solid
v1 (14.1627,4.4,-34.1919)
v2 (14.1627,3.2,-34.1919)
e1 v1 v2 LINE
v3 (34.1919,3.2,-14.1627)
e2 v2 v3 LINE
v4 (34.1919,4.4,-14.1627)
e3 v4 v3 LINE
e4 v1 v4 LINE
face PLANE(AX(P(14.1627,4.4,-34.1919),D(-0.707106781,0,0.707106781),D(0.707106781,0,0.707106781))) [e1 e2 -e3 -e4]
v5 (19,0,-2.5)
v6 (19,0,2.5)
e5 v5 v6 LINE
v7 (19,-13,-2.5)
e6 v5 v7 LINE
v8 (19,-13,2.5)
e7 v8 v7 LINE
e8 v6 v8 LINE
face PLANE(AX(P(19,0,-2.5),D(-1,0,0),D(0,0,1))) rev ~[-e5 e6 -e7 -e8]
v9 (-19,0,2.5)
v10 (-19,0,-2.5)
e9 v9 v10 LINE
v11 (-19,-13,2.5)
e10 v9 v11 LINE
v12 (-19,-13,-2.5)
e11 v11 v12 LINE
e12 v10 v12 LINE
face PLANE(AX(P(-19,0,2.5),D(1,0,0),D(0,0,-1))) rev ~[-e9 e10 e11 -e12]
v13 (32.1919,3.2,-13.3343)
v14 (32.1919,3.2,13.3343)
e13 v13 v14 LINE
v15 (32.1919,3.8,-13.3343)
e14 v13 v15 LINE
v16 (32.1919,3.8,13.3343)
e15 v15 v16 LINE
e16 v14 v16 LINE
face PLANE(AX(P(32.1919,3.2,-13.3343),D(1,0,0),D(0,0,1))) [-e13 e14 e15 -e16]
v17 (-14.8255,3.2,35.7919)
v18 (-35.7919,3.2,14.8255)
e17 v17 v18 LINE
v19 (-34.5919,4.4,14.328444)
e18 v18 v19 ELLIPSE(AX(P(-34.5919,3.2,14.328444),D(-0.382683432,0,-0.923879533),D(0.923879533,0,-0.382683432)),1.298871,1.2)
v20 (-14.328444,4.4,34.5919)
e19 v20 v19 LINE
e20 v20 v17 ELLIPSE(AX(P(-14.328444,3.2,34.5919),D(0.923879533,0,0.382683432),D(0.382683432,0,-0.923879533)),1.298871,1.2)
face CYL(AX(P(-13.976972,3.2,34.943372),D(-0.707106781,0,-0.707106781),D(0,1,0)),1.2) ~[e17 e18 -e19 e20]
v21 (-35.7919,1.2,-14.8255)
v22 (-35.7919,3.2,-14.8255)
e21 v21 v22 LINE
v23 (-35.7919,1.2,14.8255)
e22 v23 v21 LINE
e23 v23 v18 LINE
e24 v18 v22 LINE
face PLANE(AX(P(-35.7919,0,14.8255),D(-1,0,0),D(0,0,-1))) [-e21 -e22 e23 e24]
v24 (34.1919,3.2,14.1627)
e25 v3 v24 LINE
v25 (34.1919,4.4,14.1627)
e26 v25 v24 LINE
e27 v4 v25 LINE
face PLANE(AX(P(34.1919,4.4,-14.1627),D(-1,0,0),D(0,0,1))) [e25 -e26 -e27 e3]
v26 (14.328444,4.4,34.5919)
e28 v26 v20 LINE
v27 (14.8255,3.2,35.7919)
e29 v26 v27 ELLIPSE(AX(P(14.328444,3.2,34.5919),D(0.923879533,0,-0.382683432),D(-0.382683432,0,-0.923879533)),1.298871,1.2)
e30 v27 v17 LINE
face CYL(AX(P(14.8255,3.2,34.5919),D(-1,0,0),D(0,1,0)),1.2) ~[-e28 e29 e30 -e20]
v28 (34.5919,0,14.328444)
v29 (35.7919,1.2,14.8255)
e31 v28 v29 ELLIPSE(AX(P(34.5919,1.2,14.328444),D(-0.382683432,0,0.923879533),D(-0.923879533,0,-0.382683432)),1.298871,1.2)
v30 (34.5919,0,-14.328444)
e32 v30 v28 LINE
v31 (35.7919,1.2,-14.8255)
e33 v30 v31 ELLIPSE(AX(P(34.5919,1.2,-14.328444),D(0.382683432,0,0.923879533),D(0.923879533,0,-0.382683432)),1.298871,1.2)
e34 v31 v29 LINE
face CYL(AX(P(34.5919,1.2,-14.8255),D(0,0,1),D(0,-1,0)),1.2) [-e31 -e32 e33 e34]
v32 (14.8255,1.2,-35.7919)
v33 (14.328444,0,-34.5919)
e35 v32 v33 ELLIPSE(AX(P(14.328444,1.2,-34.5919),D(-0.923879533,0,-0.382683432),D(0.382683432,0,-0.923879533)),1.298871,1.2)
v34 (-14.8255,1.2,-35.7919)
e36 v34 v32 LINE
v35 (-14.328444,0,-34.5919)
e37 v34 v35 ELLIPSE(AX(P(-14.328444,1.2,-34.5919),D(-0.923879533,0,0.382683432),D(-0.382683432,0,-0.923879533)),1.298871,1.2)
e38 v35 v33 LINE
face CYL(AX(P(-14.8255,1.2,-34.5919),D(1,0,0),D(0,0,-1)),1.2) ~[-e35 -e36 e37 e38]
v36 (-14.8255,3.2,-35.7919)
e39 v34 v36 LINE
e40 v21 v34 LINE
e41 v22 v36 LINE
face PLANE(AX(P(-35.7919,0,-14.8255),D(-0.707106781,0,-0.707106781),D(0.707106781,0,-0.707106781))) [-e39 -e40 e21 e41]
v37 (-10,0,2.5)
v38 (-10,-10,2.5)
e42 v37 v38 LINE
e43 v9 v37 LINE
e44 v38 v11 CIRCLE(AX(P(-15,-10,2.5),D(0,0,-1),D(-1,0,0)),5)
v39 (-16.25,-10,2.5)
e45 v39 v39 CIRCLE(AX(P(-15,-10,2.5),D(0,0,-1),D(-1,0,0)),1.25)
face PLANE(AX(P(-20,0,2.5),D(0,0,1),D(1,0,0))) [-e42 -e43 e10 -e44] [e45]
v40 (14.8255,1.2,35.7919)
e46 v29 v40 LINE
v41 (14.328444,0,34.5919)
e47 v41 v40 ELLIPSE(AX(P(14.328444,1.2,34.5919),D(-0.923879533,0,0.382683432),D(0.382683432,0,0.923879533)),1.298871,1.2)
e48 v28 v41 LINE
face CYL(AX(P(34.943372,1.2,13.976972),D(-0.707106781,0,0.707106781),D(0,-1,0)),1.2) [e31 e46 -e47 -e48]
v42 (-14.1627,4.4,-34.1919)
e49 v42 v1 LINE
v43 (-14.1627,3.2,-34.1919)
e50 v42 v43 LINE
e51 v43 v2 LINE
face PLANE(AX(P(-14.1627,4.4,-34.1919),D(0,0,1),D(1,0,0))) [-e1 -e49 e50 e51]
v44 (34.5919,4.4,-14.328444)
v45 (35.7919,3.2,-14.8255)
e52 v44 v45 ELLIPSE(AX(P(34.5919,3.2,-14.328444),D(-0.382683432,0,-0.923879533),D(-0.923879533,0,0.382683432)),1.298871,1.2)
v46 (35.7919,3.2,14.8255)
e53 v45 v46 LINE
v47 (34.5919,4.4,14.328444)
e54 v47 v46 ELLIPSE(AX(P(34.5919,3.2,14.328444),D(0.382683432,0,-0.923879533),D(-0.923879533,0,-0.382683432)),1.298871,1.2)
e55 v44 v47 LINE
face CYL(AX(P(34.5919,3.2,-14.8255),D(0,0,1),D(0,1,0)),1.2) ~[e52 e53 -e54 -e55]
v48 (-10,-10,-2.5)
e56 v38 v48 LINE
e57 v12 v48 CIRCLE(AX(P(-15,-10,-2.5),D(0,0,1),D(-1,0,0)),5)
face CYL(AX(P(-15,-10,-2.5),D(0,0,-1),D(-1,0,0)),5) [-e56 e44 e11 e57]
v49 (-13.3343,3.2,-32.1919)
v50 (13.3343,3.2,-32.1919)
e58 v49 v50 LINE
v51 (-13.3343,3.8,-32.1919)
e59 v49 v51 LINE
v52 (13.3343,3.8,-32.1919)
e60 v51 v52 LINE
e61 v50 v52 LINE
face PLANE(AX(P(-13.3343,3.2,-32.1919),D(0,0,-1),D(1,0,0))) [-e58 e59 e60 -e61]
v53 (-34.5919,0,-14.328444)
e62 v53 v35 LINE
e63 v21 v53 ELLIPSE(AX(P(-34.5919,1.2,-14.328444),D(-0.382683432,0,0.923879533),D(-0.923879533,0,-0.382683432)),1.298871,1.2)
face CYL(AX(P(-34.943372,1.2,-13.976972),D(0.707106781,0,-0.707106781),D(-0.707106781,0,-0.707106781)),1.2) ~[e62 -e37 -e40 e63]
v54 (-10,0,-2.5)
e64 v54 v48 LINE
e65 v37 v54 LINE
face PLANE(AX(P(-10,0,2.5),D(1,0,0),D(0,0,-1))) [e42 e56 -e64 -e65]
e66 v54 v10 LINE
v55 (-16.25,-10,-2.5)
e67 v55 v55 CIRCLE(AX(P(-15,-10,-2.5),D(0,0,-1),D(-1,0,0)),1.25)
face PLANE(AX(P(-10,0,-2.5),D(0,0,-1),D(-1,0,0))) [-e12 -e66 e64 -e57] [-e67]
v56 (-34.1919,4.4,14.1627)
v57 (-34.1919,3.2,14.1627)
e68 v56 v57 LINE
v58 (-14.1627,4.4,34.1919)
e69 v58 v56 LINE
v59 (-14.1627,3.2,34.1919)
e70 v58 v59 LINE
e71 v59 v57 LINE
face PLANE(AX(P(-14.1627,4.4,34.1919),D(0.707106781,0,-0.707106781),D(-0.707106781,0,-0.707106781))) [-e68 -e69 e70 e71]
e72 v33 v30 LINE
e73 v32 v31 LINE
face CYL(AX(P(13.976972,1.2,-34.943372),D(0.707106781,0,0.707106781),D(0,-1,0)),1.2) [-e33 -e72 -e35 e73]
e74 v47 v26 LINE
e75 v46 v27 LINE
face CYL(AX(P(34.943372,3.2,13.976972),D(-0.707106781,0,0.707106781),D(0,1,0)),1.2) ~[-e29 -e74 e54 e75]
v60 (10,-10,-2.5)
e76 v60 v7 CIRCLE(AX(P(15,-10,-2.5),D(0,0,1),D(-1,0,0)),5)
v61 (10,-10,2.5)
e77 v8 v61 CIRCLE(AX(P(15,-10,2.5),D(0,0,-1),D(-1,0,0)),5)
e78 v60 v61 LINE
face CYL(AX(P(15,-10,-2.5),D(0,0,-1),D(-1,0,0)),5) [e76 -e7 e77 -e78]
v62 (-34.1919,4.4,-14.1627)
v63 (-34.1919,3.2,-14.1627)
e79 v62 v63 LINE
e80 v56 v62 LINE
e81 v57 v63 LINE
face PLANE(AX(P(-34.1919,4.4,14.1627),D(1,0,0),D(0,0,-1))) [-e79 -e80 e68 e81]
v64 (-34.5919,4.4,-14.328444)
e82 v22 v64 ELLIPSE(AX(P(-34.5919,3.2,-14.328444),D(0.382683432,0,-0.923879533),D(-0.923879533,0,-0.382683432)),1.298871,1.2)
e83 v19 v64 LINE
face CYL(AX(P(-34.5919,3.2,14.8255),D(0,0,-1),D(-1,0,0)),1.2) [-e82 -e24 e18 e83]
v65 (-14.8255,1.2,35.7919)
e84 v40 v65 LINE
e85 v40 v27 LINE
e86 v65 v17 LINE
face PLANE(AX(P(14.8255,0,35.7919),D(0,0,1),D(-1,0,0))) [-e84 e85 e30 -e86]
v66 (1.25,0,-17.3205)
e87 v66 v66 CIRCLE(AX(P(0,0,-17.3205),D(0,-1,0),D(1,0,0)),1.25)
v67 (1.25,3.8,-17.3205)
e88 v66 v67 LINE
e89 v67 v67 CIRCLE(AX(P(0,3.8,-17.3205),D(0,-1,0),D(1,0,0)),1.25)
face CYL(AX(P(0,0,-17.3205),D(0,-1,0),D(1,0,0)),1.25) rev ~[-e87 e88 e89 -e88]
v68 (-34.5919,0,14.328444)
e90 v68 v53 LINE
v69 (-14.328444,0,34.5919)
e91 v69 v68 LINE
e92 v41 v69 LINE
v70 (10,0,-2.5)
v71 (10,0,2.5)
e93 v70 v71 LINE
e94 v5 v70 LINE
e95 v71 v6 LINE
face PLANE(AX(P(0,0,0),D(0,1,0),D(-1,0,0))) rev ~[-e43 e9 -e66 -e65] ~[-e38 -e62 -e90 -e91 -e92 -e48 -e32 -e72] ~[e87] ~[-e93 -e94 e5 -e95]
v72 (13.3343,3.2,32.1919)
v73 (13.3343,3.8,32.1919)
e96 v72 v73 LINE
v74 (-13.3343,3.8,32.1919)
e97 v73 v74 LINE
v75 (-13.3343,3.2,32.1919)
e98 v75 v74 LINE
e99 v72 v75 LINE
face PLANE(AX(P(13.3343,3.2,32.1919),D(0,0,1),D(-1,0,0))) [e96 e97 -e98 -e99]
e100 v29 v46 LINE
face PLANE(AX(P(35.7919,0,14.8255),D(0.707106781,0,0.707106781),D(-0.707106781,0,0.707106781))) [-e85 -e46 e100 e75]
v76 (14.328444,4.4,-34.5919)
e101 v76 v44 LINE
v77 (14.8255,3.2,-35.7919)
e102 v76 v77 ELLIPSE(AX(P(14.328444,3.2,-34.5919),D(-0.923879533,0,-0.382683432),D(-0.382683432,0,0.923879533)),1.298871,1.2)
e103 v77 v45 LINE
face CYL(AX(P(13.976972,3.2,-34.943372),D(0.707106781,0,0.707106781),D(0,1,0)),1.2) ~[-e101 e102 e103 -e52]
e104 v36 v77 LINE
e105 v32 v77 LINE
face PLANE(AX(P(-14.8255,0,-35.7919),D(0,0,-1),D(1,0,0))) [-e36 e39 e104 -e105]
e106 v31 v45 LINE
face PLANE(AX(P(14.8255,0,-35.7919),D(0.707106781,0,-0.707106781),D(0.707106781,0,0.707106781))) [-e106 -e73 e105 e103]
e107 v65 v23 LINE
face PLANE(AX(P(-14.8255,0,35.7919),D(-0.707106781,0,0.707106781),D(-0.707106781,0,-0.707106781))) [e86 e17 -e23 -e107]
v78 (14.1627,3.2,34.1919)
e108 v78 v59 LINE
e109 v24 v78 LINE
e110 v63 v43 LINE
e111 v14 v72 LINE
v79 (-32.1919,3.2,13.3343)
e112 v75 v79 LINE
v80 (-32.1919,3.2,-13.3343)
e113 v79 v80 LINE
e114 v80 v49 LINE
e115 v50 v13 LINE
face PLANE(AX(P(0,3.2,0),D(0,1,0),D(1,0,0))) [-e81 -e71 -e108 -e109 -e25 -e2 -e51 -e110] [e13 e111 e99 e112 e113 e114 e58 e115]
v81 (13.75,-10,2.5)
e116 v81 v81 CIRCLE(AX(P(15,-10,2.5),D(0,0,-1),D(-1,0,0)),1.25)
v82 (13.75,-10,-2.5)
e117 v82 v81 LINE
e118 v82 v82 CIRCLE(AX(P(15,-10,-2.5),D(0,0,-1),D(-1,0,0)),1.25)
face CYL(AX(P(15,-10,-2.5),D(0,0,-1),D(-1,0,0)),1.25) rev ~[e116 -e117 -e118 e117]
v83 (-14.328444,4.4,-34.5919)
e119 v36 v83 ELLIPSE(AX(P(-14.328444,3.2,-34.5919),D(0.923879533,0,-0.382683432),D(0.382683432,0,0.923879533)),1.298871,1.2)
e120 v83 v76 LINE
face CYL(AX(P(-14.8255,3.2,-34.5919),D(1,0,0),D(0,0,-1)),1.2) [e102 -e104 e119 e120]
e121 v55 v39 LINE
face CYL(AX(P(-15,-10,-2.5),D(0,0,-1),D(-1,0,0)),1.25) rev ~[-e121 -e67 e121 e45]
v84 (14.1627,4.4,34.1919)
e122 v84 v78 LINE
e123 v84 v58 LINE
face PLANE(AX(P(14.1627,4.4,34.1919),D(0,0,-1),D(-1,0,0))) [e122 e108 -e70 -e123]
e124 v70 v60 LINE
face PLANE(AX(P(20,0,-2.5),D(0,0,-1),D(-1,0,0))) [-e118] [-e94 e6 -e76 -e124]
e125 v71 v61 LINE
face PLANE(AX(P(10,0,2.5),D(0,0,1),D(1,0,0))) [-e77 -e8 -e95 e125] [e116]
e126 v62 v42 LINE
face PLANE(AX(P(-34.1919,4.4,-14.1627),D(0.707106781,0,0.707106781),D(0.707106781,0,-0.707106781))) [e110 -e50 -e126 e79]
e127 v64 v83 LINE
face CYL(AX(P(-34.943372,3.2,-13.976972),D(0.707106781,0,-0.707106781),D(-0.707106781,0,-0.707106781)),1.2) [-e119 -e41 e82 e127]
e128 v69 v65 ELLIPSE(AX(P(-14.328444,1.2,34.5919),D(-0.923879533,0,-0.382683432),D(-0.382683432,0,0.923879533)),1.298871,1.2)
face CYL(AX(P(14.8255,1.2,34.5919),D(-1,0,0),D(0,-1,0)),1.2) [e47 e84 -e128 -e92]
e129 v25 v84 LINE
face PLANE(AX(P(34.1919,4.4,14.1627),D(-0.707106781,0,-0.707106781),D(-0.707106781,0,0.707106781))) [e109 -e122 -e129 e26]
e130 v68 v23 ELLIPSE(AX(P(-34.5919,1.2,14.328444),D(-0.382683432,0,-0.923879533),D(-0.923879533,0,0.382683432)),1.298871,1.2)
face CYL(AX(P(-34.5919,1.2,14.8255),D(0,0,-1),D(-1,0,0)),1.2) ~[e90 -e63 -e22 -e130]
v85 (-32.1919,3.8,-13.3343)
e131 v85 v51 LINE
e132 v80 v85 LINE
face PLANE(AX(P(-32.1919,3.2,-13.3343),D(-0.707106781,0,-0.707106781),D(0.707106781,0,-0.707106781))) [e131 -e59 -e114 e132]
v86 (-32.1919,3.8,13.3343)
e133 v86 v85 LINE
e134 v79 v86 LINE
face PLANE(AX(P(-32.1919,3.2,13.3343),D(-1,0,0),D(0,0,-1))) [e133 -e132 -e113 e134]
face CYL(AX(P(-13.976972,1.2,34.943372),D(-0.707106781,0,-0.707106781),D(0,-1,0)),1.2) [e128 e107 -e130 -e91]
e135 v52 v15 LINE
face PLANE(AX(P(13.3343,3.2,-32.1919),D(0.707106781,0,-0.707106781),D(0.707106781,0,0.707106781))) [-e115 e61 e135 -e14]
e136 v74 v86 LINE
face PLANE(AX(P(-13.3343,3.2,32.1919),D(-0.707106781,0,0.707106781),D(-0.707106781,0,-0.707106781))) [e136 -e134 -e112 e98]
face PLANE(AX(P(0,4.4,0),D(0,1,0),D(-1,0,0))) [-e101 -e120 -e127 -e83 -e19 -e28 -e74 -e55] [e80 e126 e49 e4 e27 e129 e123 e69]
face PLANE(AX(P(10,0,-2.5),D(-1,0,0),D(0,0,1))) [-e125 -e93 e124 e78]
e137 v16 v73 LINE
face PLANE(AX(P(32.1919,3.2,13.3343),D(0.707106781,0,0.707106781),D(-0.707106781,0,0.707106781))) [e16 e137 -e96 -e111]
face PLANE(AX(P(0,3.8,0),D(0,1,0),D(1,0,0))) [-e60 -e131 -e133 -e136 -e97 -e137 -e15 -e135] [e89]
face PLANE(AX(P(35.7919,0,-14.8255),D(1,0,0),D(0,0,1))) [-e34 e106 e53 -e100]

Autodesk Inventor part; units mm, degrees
ref_plane "YZ Plane" through (0, 0, 0) normal (1, 0, 0) x (0, 1, 0)
ref_plane "XZ Plane" through (0, 0, 0) normal (0, 1, 0) x (-1, 0, 0)
ref_plane "XY Plane" through (0, 0, 0) normal (0, 0, 1) x (1, 0, 0)
sketch "스케치3" plane through (0, 0, 0) normal (0, 1, 0) x (-1, 0, 0)
  line L0 (35.7919, -14.8255) -> (14.8255, -35.7919)
  line L1 (14.8255, -35.7919) -> (-14.8255, -35.7919)
  line L2 (-14.8255, -35.7919) -> (-35.7919, -14.8255)
  line L3 (-35.7919, -14.8255) -> (-35.7919, 14.8255)
  line L4 (-35.7919, 14.8255) -> (-14.8255, 35.7919)
  line L5 (-14.8255, 35.7919) -> (14.8255, 35.7919)
  line L6 (14.8255, 35.7919) -> (35.7919, 14.8255)
  line L7 (35.7919, 14.8255) -> (35.7919, -14.8255)
  line L8 (32.5919, -13.5) -> (13.5, -32.5919)
  line L9 (13.5, -32.5919) -> (-13.5, -32.5919)
  line L10 (-13.5, -32.5919) -> (-32.5919, -13.5)
  line L11 (-32.5919, -13.5) -> (-32.5919, 13.5)
  line L12 (-32.5919, 13.5) -> (-13.5, 32.5919)
  line L13 (-13.5, 32.5919) -> (13.5, 32.5919)
  line L14 (13.5, 32.5919) -> (32.5919, 13.5)
  line L15 (32.5919, 13.5) -> (32.5919, -13.5)
  point P0 (0, 0)
  point P1 (0, 0)
  point P2 (0, 0)
  point P3 (0, 0)
  dimension "d43" = 27
  dimension "d44" = 3.2
extrude "돌출2" add sketch "스케치3" along normal blind 4.4 contours L0 L1 L2 L3 L4 L5 L6 L7 | L8 L9 L10 L11 L12 L13 L14 L15
sketch "스케치4" plane through (0, 4.4, 0) normal (0, 1, 0) x (1, 0, 0)
  line L0 (13.5, -32.5919) -> (-13.5, -32.5919)
  line L1 (-13.5, -32.5919) -> (-32.5919, -13.5)
  line L2 (-32.5919, -13.5) -> (-32.5919, 13.5)
  line L3 (-32.5919, 13.5) -> (-13.5, 32.5919)
  line L4 (-13.5, 32.5919) -> (13.5, 32.5919)
  line L5 (13.5, 32.5919) -> (32.5919, 13.5)
  line L6 (32.5919, 13.5) -> (32.5919, -13.5)
  line L7 (32.5919, -13.5) -> (13.5, -32.5919)
  line L8 (-14.1627, 34.1919) -> (14.1627, 34.1919)
  line L9 (14.1627, 34.1919) -> (34.1919, 14.1627)
  line L10 (34.1919, 14.1627) -> (34.1919, -14.1627)
  line L11 (34.1919, -14.1627) -> (14.1627, -34.1919)
  line L12 (14.1627, -34.1919) -> (-14.1627, -34.1919)
  line L13 (-14.1627, -34.1919) -> (-34.1919, -14.1627)
  line L14 (-34.1919, -14.1627) -> (-34.1919, 14.1627)
  line L15 (-34.1919, 14.1627) -> (-14.1627, 34.1919)
  line L16 (-13.3343, 32.1919) -> (13.3343, 32.1919)
  line L17 (13.3343, 32.1919) -> (32.1919, 13.3343)
  line L18 (32.1919, 13.3343) -> (32.1919, -13.3343)
  line L19 (32.1919, -13.3343) -> (13.3343, -32.1919)
  line L20 (13.3343, -32.1919) -> (-13.3343, -32.1919)
  line L21 (-13.3343, -32.1919) -> (-32.1919, -13.3343)
  line L22 (-32.1919, -13.3343) -> (-32.1919, 13.3343)
  line L23 (-32.1919, 13.3343) -> (-13.3343, 32.1919)
  line L24 (-35.7919, 14.8255) -> (-35.7919, -14.8255) projected
  point P0 (0, 0)
  point P1 (0, 0)
  point P2 (0, 0)
  point P3 (0, 0)
  dimension "d7" = 27
  dimension "d60" = 1.6
  dimension "d61" = 2
extrude "돌출3" cut sketch "스케치4" against normal blind 1.2 contours L0 L1 L2 L3 L4 L5 L6 L7 | L8 L9 L10 L11 L12 L13 L14 L15 | L16 L17 L18 L19 L20 L21 L22 L23
sketch "스케치5" plane through (0, 0, 0) normal (0, -1, 0) x (1, 0, 0)
  line L0 (10, 2.5) -> (20, 2.5)
  line L1 (20, 2.5) -> (20, -2.5)
  line L2 (20, -2.5) -> (10, -2.5)
  line L3 (10, -2.5) -> (10, 2.5)
  line L4 (10, 2.5) -> (20, -2.5) construction
  line L5 (20, 2.5) -> (10, -2.5) construction
  line L6 (-20, 2.5) -> (-10, 2.5)
  line L7 (-10, 2.5) -> (-10, -2.5)
  line L8 (-10, -2.5) -> (-20, -2.5)
  line L9 (-20, -2.5) -> (-20, 2.5)
  line L10 (-20, 2.5) -> (-10, -2.5) construction
  line L11 (-10, 2.5) -> (-20, -2.5) construction
  point P0 (0, 0)
  point P1 (15, 0)
  point P2 (-15, 0)
  dimension "d11" = 10
  dimension "d12" = 5
  dimension "d13" = 10
  dimension "d16" = 30
extrude "돌출4" add sketch "스케치5" along normal blind 10
sketch "스케치6" plane through (-10, 0, -2.5) normal (0, 0, -1) x (-1, 0, 0)
  circle A0 centre (5, -10) radius 5
  circle A1 centre (-25, -10) radius 5
  line L0 (-20, -10) -> (-30, -10) projected
  line L1 (10, -10) -> (0, -10) projected
  point P0 (-10, 0)
  dimension "d23" = 10
  dimension "d24" = 10
extrude "돌출5" add sketch "스케치6" against normal blind 5
sketch "스케치7" plane through (-10, 0, -2.5) normal (0, 0, -1) x (-1, 0, 0)
  circle A0 centre (5, -10) radius 1.25
  line L0 (10, 0) -> (10, -10) projected
  line L1 (0, 0) -> (10, 0) projected
  line L2 (4.7788, 0) -> (0, 0)
  circle A1 centre (-25, -10) radius 1.25
  point P0 (-10, 0)
  dimension "d27" = 2.5
  dimension "d28" = 5
  dimension "d31" = 30
extrude "돌출6" cut sketch "스케치7" against normal blind 5
sketch "스케치8" plane through (0, 0, 0) normal (0, -1, 0) x (1, 0, 0)
  circle A0 centre (0, -17.3205) radius 1.25
  line L0 (-10, 2.5) -> (-10, -2.5) projected
  point P0 (0, 0)
  point P1 (-10, 0)
  dimension "d38" = 2.5
  dimension "d39" = 17.3205
sketch "스케치9" plane through (0, 3.2, 0) normal (0, 1, 0) x (1, 0, 0)
  line L0 (-13.3343, 32.1919) -> (13.3343, 32.1919)
  line L1 (13.3343, 32.1919) -> (32.1919, 13.3343)
  line L2 (32.1919, 13.3343) -> (32.1919, -13.3343)
  line L3 (32.1919, -13.3343) -> (13.3343, -32.1919)
  line L4 (13.3343, -32.1919) -> (-13.3343, -32.1919)
  line L5 (-13.3343, -32.1919) -> (-32.1919, -13.3343)
  line L6 (-32.1919, -13.3343) -> (-32.1919, 13.3343)
  line L7 (-32.1919, 13.3343) -> (-13.3343, 32.1919)
  line L8 (-14.1627, 34.1919) -> (14.1627, 34.1919) projected
  line L9 (-12.0917, 29.1919) -> (12.0917, 29.1919)
  line L10 (12.0917, 29.1919) -> (29.1919, 12.0917)
  line L11 (29.1919, 12.0917) -> (29.1919, -12.0917)
  line L12 (29.1919, -12.0917) -> (12.0917, -29.1919)
  line L13 (12.0917, -29.1919) -> (-12.0917, -29.1919)
  line L14 (-12.0917, -29.1919) -> (-29.1919, -12.0917)
  line L15 (-29.1919, -12.0917) -> (-29.1919, 12.0917)
  line L16 (-29.1919, 12.0917) -> (-12.0917, 29.1919)
  point P0 (0, 0)
  point P1 (0, 0)
  point P2 (0, 0)
  dimension "d46" = 2
  dimension "d47" = 3
extrude "돌출8" add sketch "스케치9" along normal blind 0.6 contours L0 L1 L2 L3 L4 L5 L6 L7 | L9 L10 L11 L12 L13 L14 L15 L16
fillet "모깎기1" radius 1.2 16 edges at (-35.7919, 4.4, 0) (-25.3087, 4.4, 25.3087) (0, 4.4, 35.7919) (25.3087, 4.4, 25.3087) (35.7919, 4.4, 0) (25.3087, 4.4, -25.3087) (0, 4.4, -35.7919) (-25.3087, 4.4, -25.3087) (25.3087, 0, 25.3087) (0, 0, 35.7919) (-25.3087, 0, 25.3087) (-35.7919, 0, 0) (-25.3087, 0, -25.3087) (0, 0, -35.7919) (25.3087, 0, -25.3087) (35.7919, 0, 0)
sketch "스케치10" plane through (0, 0, 0) normal (0, -1, 0) x (1, 0, 0)
  line L0 (-20, 2.5) -> (-10, 2.5) projected
  line L1 (-10, -2.5) -> (-20, -2.5) projected
  line L2 (-20, 2.5) -> (-19, 2.5)
  line L3 (-19, 2.5) -> (-19, -2.5)
  line L4 (-19, -2.5) -> (-20, -2.5)
  line L5 (-20, -2.5) -> (-20, 2.5)
  line L6 (20, -2.5) -> (10, -2.5) projected
  line L7 (10, 2.5) -> (20, 2.5) projected
  line L8 (20, -2.5) -> (19, -2.5)
  line L9 (19, -2.5) -> (19, 2.5)
  line L10 (19, 2.5) -> (20, 2.5)
  line L11 (20, 2.5) -> (20, -2.5)
  point P0 (0, 0)
  dimension "d54" = 1
  dimension "d55" = 1
extrude "돌출9" cut sketch "스케치10" along normal blind 15
extrude "돌출10" cut sketch "스케치8" against normal blind 5
equation "\"d55\" = d54"
properties part number "OV-PAM_top_2"
